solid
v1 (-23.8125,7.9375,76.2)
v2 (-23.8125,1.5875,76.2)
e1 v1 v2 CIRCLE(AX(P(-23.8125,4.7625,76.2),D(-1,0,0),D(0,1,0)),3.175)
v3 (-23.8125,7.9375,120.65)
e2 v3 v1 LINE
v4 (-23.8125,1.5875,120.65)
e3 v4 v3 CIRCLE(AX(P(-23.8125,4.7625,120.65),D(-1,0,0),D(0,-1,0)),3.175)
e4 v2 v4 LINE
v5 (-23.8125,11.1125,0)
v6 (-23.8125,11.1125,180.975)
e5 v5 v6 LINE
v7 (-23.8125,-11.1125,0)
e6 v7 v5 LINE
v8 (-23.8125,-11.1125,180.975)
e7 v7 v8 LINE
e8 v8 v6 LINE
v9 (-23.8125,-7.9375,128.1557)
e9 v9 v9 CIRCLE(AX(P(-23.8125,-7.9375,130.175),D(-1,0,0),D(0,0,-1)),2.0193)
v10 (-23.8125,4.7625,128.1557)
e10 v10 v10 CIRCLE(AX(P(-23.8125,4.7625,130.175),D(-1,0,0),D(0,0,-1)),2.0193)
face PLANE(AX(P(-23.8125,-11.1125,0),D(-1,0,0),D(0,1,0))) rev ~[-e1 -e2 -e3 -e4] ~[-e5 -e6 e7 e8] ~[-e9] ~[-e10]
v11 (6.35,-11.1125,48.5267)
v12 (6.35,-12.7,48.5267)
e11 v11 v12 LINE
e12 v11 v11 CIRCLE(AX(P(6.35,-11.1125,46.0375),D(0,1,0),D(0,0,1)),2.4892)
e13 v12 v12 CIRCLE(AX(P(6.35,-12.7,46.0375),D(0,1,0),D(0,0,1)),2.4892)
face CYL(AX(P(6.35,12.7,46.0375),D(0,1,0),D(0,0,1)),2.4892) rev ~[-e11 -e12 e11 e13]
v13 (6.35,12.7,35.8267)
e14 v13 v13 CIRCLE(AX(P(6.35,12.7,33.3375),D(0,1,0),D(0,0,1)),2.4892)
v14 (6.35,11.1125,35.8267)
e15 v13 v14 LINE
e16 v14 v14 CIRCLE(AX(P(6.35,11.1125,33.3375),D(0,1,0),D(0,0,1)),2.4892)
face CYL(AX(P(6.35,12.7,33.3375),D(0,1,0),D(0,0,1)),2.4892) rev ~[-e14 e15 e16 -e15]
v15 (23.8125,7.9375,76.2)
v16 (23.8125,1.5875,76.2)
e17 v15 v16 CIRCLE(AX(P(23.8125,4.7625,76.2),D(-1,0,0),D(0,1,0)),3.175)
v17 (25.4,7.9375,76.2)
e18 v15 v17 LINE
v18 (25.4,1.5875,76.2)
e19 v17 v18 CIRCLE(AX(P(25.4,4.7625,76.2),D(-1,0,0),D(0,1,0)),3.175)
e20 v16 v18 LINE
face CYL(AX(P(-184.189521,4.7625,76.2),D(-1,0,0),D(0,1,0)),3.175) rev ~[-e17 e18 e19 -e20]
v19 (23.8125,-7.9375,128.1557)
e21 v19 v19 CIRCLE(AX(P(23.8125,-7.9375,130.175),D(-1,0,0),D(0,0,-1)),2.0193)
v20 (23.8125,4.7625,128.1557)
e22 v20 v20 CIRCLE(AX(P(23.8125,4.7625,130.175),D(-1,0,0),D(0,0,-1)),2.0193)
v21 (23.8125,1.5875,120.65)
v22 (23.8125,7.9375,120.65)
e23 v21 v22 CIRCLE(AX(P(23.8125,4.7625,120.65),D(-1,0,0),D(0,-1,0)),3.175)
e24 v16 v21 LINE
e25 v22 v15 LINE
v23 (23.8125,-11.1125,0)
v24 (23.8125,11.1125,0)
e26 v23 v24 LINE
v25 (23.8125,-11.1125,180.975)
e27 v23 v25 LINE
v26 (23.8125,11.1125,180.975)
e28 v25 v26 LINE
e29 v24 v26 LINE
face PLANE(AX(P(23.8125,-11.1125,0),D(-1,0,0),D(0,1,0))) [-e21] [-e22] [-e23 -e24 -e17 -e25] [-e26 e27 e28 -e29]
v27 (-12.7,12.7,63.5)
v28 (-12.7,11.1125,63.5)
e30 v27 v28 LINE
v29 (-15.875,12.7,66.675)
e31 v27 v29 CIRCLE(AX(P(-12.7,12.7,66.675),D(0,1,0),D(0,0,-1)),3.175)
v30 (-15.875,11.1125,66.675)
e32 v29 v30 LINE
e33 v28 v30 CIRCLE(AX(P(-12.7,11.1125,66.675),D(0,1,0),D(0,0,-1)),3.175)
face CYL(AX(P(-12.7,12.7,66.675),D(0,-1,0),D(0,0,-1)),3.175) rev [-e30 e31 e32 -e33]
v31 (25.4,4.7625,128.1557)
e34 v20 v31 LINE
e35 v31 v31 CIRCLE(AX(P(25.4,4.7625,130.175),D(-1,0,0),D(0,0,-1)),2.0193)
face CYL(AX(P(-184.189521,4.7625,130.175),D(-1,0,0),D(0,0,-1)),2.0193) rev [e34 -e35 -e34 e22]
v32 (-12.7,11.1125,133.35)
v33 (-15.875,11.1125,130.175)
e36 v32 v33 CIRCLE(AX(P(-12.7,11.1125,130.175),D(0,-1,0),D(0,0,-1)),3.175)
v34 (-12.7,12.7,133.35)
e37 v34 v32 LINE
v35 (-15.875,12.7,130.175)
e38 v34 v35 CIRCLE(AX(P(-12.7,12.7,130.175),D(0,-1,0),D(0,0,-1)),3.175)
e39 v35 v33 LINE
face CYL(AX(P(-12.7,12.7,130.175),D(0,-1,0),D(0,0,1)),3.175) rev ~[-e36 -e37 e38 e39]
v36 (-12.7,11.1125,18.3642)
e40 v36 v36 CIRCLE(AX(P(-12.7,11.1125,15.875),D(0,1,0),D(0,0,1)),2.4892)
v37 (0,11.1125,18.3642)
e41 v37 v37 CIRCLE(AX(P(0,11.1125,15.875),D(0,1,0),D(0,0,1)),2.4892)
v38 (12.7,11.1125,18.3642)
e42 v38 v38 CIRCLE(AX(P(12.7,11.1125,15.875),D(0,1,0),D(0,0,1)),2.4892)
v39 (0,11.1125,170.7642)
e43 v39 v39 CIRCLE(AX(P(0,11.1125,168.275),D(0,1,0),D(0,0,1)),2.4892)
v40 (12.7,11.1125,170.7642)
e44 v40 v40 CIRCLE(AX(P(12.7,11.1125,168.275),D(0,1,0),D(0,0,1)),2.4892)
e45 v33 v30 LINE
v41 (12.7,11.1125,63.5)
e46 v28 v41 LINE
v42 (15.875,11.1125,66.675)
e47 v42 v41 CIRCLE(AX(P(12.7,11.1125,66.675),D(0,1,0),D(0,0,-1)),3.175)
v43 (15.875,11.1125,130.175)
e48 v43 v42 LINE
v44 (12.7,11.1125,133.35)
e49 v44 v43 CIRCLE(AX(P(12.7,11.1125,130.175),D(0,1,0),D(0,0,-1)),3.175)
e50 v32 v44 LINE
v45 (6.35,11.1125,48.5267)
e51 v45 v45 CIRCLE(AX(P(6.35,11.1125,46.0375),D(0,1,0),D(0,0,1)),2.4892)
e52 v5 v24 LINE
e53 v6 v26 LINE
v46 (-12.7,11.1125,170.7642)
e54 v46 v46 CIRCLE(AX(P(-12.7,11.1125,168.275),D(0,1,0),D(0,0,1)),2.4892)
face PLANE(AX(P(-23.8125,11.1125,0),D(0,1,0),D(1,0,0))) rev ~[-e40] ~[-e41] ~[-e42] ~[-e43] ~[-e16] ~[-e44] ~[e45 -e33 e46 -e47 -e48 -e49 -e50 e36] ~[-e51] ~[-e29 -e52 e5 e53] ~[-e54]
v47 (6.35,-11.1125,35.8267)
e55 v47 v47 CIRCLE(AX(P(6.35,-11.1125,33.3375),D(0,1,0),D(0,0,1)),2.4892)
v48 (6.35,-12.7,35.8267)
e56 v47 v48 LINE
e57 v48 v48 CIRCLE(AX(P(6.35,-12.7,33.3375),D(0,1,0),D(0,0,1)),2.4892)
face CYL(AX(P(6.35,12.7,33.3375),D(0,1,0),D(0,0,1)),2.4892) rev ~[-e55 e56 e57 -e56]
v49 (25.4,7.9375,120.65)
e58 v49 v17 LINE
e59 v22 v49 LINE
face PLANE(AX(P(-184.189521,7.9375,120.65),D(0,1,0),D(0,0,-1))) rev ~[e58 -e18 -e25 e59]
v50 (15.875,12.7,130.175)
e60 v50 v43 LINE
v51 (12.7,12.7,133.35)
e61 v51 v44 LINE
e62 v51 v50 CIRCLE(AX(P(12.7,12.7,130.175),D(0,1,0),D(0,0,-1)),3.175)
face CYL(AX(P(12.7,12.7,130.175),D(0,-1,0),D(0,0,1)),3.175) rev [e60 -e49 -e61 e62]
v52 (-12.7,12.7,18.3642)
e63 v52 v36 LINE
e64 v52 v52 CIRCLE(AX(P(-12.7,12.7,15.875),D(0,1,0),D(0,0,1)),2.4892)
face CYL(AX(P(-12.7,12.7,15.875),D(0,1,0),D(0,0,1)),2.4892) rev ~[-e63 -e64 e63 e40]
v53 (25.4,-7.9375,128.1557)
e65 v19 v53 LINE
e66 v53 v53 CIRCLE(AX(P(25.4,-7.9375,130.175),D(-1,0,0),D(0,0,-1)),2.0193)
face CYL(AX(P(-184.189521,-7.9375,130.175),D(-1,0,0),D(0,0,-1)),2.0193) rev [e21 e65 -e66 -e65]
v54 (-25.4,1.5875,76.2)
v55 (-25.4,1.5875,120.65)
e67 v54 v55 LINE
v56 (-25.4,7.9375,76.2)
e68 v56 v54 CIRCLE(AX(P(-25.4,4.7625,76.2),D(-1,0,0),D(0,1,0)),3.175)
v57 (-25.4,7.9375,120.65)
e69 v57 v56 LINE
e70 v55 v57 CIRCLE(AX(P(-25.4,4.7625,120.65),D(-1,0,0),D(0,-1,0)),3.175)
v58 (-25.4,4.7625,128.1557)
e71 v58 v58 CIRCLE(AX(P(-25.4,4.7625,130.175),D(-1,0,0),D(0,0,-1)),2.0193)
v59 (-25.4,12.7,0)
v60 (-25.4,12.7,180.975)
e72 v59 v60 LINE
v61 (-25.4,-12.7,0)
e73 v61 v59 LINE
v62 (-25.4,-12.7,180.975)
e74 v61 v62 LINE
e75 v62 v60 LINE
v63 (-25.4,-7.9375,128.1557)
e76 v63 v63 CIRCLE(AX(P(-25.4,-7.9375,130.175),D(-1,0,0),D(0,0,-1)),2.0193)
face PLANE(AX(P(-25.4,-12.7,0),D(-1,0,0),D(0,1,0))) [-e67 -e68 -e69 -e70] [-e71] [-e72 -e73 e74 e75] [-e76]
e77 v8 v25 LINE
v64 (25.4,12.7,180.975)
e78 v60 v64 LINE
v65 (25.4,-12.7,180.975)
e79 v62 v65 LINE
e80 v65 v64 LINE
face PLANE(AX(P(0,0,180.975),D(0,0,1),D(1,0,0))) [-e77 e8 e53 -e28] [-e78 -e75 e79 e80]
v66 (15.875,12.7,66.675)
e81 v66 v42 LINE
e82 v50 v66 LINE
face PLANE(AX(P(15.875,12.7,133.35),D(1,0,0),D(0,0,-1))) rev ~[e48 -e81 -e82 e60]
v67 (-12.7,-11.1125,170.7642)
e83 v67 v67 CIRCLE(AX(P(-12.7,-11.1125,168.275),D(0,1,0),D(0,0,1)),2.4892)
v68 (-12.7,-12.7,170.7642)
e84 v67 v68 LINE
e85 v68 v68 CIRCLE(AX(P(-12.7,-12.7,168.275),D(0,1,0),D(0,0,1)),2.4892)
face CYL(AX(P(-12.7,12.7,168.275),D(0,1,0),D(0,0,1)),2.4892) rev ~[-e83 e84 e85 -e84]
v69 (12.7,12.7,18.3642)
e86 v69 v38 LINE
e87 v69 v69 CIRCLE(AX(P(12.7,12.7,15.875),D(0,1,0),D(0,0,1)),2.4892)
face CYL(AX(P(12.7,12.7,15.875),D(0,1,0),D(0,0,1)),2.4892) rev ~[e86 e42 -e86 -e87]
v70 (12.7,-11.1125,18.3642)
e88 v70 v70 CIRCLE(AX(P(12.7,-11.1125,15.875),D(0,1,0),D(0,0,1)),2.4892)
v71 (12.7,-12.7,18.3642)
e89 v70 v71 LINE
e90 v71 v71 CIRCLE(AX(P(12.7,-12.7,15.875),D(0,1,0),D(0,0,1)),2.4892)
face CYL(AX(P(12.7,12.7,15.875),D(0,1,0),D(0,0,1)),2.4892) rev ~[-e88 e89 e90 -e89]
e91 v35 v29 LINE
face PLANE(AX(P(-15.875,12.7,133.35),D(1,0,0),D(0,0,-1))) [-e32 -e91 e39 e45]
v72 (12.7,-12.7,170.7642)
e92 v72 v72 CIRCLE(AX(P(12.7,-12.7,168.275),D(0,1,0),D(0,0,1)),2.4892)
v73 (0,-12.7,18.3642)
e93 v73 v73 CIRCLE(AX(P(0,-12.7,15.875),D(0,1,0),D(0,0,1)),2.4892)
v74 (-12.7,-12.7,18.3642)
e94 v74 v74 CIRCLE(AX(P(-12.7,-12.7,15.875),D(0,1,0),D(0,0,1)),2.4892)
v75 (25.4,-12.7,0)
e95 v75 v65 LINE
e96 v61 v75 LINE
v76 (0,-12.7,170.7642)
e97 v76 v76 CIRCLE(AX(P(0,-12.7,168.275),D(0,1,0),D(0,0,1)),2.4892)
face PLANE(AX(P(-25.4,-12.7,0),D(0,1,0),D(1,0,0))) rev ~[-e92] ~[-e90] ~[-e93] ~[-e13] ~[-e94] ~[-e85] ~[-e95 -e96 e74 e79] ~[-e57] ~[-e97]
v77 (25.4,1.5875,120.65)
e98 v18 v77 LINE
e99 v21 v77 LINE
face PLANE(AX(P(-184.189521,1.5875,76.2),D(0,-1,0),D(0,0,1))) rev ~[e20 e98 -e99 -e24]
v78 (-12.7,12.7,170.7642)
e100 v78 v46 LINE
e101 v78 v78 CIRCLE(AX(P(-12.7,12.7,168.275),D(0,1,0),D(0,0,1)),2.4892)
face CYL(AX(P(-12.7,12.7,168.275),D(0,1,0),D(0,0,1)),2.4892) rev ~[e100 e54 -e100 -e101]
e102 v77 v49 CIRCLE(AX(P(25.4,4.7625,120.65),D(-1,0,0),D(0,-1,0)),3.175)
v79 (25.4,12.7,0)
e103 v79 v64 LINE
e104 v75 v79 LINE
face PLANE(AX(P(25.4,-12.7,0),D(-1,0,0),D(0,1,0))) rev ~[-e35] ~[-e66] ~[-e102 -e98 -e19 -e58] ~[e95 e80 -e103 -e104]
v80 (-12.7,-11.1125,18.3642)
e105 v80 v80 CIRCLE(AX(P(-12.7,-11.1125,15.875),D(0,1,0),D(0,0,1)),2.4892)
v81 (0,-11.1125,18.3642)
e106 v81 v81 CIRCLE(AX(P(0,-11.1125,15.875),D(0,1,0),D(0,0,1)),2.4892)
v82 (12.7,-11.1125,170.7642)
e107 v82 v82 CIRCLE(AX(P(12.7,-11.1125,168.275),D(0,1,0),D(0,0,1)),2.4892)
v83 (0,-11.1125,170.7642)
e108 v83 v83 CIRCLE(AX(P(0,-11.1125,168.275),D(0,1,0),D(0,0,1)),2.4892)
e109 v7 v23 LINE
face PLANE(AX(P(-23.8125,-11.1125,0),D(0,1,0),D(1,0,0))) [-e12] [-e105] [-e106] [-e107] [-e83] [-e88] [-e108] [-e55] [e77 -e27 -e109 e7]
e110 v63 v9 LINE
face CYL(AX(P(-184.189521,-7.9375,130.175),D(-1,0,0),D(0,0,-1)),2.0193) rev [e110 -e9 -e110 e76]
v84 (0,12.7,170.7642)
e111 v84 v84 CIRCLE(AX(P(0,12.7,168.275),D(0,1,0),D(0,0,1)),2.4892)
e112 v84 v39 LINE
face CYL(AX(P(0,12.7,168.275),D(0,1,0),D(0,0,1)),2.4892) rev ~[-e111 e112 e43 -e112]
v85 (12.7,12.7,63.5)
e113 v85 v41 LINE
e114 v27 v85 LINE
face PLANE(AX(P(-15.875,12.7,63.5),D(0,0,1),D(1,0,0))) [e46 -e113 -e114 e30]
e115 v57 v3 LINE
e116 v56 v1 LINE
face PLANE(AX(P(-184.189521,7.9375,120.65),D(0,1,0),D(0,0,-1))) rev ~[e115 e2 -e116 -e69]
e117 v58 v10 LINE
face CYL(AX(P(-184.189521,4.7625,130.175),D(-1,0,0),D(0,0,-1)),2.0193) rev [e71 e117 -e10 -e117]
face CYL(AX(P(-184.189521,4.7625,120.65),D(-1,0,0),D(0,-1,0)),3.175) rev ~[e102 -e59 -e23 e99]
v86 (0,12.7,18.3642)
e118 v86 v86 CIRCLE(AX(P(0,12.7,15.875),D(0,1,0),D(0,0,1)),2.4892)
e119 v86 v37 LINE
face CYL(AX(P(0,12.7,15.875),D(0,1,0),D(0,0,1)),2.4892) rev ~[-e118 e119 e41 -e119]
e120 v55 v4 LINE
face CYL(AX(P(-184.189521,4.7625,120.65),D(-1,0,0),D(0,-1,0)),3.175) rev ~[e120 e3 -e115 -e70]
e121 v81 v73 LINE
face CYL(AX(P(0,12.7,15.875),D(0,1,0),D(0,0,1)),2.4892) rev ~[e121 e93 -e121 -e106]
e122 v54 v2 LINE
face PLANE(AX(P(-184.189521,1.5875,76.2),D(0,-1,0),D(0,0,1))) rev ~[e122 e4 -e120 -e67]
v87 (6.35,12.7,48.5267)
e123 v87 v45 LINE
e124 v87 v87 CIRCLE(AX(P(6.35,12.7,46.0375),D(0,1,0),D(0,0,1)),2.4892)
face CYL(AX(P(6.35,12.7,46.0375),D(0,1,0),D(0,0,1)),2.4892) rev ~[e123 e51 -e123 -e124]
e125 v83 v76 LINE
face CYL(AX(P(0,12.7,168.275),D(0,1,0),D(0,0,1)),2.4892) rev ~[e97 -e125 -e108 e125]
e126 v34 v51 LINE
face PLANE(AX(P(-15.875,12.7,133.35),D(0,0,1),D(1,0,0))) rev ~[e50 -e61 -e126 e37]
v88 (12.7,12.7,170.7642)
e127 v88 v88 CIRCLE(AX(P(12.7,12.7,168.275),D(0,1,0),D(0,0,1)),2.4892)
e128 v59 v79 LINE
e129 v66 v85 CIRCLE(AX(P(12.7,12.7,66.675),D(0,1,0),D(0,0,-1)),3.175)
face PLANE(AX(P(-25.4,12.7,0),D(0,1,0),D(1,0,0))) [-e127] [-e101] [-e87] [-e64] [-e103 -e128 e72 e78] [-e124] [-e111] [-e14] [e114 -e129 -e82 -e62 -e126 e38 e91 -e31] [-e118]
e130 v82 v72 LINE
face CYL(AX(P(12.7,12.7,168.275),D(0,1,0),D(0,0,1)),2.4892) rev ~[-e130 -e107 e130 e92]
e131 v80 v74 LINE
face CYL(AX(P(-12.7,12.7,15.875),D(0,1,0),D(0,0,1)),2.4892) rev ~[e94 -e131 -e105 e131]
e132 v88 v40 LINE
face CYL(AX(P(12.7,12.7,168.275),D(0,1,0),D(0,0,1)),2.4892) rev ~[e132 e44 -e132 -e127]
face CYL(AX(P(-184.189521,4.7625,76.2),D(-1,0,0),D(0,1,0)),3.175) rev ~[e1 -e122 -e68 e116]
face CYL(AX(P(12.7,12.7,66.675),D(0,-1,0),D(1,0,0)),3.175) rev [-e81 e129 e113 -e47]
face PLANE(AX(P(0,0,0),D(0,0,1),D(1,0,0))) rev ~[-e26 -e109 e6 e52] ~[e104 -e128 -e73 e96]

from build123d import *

# Parameters (mm, degrees)
SKETCH1_W               = 50.8
SKETCH1_H               = 25.4
SKETCH1_W_2             = 47.625
SKETCH1_H_2             = 22.225
BOSS_EXTRUDE1_DEPTH     = 180.975
SKETCH2_R               = 2.4892
CUT_EXTRUDE1_DEPTH      = 185.505475867
SKETCH9_W               = 31.75
SKETCH9_H               = 69.85
CUT_EXTRUDE2_DEPTH      = 23.8125
FILLET1_R               = 3.175
CUT_EXTRUDE3_DEPTH      = 184.189521057
CUT_EXTRUDE3_DEPTH_BACK = 184.189521057
SKETCH11_R              = 2.0193


with BuildPart() as part:
    # Sketch1 → Boss-Extrude1 (new body)
    with BuildSketch(Plane.XY):
        Rectangle(SKETCH1_W, SKETCH1_H)
        Rectangle(SKETCH1_W_2, SKETCH1_H_2, mode=Mode.SUBTRACT)
    extrude(amount=BOSS_EXTRUDE1_DEPTH)

    # Sketch2 → Cut-Extrude1 (cut, through all)
    with BuildSketch(Plane(origin=(0, 12.7, 0), x_dir=(1, 0, 0), z_dir=(0, 1, 0))):
        with Locations(Location((-12.7, -15.875, 0), (0, 0, 270))):
            Circle(SKETCH2_R)
        with Locations(Location((0, -15.875, 0), (0, 0, 270))):
            Circle(SKETCH2_R)
        with Locations(Location((12.7, -15.875, 0), (0, 0, 270))):
            Circle(SKETCH2_R)
        with Locations(Location((-12.7, -168.275, 0), (0, 0, 270))):
            Circle(SKETCH2_R)
        with Locations(Location((0, -168.275, 0), (0, 0, 270))):
            Circle(SKETCH2_R)
        with Locations(Location((12.7, -168.275, 0), (0, 0, 270))):
            Circle(SKETCH2_R)
        with Locations(Location((6.35, -33.3375, 0), (0, 0, 270))):
            Circle(SKETCH2_R)
        with Locations(Location((6.35, -46.0375, 0), (0, 0, 270))):
            Circle(SKETCH2_R)
    extrude(amount=-CUT_EXTRUDE1_DEPTH, mode=Mode.SUBTRACT)

    # Sketch9 → Cut-Extrude2 (cut)
    with BuildSketch(Plane(origin=(0, 12.7, 0), x_dir=(1, 0, 0), z_dir=(0, 1, 0))):
        with Locations((0, -98.425)):
            Rectangle(SKETCH9_W, SKETCH9_H)
    extrude(amount=-CUT_EXTRUDE2_DEPTH, mode=Mode.SUBTRACT)

    # Fillet1
    fillet1_edges = [part.edges().sort_by_distance(p)[0] for p in [
        (-15.875, 11.90625, 133.35),
        (-15.875, 11.90625, 63.5),
        (15.875, 11.90625, 63.5),
        (15.875, 11.90625, 133.35),
    ]]
    fillet(fillet1_edges, radius=FILLET1_R)

    # Sketch11 → Cut-Extrude3 (cut, two sides: drawn at the far end of the back side and taken through both)
    with BuildSketch(Plane(origin=(0, 0, 0), x_dir=(0, 0, -1), z_dir=(1, 0, 0)).offset(-CUT_EXTRUDE3_DEPTH_BACK)):
        with Locations((-130.175, 4.7625)):
            Circle(SKETCH11_R)
        with Locations((-130.175, -7.9375)):
            Circle(SKETCH11_R)
        with BuildLine():
            Line((-120.65, 7.9375), (-76.2, 7.9375))
            ThreePointArc((-76.2, 7.9375), (-73.025, 4.7625), (-76.2, 1.5875))
            Line((-76.2, 1.5875), (-120.65, 1.5875))
            ThreePointArc((-120.65, 1.5875), (-123.825, 4.7625), (-120.65, 7.9375))
        make_face()
    extrude(amount=CUT_EXTRUDE3_DEPTH + CUT_EXTRUDE3_DEPTH_BACK, mode=Mode.SUBTRACT)


solid = part.part
